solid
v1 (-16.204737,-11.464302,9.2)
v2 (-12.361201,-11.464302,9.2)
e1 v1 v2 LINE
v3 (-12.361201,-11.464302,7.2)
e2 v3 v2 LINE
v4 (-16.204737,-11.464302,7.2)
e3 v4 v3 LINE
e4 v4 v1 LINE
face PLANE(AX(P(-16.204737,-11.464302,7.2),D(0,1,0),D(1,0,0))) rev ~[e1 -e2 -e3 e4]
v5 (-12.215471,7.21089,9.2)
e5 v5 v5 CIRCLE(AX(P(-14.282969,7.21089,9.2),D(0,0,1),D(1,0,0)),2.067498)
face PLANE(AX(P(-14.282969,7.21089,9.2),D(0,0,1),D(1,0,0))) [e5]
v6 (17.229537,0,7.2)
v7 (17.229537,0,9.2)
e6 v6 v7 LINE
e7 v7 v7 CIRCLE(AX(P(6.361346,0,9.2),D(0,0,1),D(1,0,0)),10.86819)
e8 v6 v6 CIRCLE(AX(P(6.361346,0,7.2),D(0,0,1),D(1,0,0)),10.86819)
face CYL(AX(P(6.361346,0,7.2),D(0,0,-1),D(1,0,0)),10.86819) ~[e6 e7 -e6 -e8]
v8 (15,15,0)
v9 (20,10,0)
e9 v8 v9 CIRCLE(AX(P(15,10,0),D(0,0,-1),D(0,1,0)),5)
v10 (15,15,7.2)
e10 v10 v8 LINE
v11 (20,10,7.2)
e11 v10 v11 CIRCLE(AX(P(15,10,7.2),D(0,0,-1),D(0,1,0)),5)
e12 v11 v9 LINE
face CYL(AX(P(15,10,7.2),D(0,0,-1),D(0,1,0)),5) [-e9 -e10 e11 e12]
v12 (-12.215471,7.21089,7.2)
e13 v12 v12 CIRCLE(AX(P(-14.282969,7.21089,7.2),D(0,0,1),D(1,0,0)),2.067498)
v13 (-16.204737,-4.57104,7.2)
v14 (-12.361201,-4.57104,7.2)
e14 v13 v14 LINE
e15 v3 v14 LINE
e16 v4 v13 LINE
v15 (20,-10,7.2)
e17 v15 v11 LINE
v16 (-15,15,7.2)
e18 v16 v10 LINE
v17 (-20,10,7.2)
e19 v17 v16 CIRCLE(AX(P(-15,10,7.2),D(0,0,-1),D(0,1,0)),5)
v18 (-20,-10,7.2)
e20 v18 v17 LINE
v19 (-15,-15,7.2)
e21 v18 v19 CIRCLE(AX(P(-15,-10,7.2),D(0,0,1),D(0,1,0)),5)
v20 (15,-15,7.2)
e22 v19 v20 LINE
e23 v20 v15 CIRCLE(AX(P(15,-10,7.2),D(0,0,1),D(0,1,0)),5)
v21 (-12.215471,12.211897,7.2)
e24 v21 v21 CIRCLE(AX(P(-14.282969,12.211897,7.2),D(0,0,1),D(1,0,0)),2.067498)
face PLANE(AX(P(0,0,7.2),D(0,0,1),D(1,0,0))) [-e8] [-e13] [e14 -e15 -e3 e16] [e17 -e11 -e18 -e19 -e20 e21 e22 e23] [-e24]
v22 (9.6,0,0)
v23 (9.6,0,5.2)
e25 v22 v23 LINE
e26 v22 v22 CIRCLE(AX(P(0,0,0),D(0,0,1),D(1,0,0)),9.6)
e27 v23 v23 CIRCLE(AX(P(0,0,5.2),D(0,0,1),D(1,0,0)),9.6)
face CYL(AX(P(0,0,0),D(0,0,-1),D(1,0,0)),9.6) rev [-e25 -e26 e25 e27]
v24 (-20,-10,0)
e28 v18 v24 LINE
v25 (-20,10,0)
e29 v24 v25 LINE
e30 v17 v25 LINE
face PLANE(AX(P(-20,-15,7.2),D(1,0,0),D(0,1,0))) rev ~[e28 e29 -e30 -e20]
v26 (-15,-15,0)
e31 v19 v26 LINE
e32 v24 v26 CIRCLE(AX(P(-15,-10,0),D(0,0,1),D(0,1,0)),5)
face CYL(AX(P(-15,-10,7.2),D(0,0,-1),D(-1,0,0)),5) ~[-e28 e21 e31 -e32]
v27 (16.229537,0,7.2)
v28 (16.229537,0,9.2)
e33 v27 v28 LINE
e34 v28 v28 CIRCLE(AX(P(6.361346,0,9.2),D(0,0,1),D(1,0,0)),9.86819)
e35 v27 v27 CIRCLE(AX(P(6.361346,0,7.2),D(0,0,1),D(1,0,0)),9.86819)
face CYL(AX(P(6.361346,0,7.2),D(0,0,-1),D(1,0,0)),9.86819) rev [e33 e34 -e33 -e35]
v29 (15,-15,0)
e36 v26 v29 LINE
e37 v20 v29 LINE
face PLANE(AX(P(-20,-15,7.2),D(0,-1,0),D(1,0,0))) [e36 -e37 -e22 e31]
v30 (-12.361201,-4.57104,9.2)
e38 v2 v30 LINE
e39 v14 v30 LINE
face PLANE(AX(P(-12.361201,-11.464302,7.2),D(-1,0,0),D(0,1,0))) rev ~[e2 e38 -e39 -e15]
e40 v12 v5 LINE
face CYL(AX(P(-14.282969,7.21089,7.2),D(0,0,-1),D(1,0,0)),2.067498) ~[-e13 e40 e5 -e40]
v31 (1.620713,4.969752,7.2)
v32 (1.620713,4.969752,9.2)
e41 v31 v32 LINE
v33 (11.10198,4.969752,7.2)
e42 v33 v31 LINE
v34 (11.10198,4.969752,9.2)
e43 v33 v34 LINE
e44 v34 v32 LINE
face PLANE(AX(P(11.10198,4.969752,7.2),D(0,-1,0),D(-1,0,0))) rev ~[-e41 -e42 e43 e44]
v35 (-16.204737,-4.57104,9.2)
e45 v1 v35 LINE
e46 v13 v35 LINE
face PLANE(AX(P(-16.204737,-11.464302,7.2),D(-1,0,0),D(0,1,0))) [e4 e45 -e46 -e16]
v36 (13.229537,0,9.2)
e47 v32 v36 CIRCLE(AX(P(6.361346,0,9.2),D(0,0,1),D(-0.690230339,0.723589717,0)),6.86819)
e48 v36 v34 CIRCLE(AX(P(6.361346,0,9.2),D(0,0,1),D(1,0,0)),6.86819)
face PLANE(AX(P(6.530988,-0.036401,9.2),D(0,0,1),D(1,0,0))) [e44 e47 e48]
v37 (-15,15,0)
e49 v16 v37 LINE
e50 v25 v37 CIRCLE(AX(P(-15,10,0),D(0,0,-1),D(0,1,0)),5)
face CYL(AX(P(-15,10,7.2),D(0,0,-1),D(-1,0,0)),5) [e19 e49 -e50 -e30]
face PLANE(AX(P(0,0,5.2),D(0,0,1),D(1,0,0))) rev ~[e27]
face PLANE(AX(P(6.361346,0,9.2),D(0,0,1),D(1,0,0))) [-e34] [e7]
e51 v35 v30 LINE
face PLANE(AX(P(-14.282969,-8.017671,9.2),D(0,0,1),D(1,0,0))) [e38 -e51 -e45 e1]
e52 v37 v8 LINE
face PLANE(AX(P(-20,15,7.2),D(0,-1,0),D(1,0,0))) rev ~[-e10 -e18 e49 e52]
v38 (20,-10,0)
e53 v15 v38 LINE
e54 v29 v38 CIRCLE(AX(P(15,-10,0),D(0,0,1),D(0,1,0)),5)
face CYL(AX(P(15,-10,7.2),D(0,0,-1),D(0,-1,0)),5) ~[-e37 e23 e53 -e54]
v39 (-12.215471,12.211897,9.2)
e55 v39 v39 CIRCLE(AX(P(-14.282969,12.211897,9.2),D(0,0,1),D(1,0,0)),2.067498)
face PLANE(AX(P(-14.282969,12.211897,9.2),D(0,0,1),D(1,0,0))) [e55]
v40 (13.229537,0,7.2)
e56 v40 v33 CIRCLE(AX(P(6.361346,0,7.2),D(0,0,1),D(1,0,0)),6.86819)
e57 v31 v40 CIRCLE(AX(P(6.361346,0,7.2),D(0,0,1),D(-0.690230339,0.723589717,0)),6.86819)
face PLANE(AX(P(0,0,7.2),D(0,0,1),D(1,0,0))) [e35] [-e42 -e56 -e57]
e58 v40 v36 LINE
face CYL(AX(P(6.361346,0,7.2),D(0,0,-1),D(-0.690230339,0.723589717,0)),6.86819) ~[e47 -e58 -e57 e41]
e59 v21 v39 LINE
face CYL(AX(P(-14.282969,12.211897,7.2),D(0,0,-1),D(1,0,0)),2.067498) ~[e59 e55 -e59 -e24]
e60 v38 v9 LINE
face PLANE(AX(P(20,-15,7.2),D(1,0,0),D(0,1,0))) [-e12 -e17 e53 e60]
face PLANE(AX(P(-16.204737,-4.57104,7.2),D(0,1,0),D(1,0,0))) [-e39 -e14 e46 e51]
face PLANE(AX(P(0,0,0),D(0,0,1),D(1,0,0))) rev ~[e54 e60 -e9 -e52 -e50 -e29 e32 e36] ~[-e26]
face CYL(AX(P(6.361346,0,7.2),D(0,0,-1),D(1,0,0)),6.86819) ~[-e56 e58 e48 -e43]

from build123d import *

# Parameters (mm, degrees)
F0_R     = 11.6
F0_R_2   = 9.6
F1_DEPTH = 5.2
F2_R     = 11.6
F2_R_2   = 9.6
F3_DEPTH = 2
F4_W     = 40
F4_H     = 30
F4_R     = 11.6
F5_DEPTH = 7.2
F6_R     = 5
F7_R     = 10.8681902922
F7_R_2   = 9.8681902922
F7_W     = 3.8435366005
F7_H     = 6.8932622671
F7_R_3   = 2.0674977133
F8_DEPTH = 2


with BuildPart() as f1:
    # F0 (on Top) → F1 (new body)
    with BuildSketch(Plane.XY):
        Circle(F0_R)
        Circle(F0_R_2, mode=Mode.SUBTRACT)
    extrude(amount=F1_DEPTH)

    # F2 (on face) → F3 (join)
    with BuildSketch(Plane.XY.offset(5.2)):
        Circle(F2_R)
        Circle(F2_R_2, mode=Mode.SUBTRACT)
        Circle(F2_R_2)
    extrude(amount=F3_DEPTH)

    # F4 (on face) → F5 (join)
    with BuildSketch(Plane.XY.offset(7.2)):
        Rectangle(F4_W, F4_H)
        Circle(F4_R, mode=Mode.SUBTRACT)
    extrude(amount=-F5_DEPTH)

    # F6
    f6_edges = [f1.edges().sort_by_distance(p)[0] for p in [
        (-20, -15, 3.6),
        (-20, 15, 3.6),
        (20, -15, 3.6),
        (20, 15, 3.6),
    ]]
    fillet(f6_edges, radius=F6_R)

    # F7 (on face) → F8 (join)
    with BuildSketch(Plane.XY.offset(7.2)):
        with Locations((6.3613462262, 0)):
            Circle(F7_R)
        with Locations((6.3613462262, 0)):
            Circle(F7_R_2, mode=Mode.SUBTRACT)
        with BuildLine():
            ThreePointArc((1.6207129094, 4.9697518697), (3.6583417714, -6.3139373459), (13.2295365184, 0))
            ThreePointArc((13.2295365184, 0), (12.6752835721, 2.7030044548), (11.1019795429, 4.9697518697))
            Line((11.1019795429, 4.9697518697), (1.6207129094, 4.9697518697))
        make_face()
        with Locations((-14.2829688266, -8.0176712945)):
            Rectangle(F7_W, F7_H)
        with Locations((-14.2829688266, 7.2108898312)):
            Circle(F7_R_3)
        with Locations((-14.2829688266, 12.2118974105)):
            Circle(F7_R_3)
    extrude(amount=F8_DEPTH)


solid = f1.part
